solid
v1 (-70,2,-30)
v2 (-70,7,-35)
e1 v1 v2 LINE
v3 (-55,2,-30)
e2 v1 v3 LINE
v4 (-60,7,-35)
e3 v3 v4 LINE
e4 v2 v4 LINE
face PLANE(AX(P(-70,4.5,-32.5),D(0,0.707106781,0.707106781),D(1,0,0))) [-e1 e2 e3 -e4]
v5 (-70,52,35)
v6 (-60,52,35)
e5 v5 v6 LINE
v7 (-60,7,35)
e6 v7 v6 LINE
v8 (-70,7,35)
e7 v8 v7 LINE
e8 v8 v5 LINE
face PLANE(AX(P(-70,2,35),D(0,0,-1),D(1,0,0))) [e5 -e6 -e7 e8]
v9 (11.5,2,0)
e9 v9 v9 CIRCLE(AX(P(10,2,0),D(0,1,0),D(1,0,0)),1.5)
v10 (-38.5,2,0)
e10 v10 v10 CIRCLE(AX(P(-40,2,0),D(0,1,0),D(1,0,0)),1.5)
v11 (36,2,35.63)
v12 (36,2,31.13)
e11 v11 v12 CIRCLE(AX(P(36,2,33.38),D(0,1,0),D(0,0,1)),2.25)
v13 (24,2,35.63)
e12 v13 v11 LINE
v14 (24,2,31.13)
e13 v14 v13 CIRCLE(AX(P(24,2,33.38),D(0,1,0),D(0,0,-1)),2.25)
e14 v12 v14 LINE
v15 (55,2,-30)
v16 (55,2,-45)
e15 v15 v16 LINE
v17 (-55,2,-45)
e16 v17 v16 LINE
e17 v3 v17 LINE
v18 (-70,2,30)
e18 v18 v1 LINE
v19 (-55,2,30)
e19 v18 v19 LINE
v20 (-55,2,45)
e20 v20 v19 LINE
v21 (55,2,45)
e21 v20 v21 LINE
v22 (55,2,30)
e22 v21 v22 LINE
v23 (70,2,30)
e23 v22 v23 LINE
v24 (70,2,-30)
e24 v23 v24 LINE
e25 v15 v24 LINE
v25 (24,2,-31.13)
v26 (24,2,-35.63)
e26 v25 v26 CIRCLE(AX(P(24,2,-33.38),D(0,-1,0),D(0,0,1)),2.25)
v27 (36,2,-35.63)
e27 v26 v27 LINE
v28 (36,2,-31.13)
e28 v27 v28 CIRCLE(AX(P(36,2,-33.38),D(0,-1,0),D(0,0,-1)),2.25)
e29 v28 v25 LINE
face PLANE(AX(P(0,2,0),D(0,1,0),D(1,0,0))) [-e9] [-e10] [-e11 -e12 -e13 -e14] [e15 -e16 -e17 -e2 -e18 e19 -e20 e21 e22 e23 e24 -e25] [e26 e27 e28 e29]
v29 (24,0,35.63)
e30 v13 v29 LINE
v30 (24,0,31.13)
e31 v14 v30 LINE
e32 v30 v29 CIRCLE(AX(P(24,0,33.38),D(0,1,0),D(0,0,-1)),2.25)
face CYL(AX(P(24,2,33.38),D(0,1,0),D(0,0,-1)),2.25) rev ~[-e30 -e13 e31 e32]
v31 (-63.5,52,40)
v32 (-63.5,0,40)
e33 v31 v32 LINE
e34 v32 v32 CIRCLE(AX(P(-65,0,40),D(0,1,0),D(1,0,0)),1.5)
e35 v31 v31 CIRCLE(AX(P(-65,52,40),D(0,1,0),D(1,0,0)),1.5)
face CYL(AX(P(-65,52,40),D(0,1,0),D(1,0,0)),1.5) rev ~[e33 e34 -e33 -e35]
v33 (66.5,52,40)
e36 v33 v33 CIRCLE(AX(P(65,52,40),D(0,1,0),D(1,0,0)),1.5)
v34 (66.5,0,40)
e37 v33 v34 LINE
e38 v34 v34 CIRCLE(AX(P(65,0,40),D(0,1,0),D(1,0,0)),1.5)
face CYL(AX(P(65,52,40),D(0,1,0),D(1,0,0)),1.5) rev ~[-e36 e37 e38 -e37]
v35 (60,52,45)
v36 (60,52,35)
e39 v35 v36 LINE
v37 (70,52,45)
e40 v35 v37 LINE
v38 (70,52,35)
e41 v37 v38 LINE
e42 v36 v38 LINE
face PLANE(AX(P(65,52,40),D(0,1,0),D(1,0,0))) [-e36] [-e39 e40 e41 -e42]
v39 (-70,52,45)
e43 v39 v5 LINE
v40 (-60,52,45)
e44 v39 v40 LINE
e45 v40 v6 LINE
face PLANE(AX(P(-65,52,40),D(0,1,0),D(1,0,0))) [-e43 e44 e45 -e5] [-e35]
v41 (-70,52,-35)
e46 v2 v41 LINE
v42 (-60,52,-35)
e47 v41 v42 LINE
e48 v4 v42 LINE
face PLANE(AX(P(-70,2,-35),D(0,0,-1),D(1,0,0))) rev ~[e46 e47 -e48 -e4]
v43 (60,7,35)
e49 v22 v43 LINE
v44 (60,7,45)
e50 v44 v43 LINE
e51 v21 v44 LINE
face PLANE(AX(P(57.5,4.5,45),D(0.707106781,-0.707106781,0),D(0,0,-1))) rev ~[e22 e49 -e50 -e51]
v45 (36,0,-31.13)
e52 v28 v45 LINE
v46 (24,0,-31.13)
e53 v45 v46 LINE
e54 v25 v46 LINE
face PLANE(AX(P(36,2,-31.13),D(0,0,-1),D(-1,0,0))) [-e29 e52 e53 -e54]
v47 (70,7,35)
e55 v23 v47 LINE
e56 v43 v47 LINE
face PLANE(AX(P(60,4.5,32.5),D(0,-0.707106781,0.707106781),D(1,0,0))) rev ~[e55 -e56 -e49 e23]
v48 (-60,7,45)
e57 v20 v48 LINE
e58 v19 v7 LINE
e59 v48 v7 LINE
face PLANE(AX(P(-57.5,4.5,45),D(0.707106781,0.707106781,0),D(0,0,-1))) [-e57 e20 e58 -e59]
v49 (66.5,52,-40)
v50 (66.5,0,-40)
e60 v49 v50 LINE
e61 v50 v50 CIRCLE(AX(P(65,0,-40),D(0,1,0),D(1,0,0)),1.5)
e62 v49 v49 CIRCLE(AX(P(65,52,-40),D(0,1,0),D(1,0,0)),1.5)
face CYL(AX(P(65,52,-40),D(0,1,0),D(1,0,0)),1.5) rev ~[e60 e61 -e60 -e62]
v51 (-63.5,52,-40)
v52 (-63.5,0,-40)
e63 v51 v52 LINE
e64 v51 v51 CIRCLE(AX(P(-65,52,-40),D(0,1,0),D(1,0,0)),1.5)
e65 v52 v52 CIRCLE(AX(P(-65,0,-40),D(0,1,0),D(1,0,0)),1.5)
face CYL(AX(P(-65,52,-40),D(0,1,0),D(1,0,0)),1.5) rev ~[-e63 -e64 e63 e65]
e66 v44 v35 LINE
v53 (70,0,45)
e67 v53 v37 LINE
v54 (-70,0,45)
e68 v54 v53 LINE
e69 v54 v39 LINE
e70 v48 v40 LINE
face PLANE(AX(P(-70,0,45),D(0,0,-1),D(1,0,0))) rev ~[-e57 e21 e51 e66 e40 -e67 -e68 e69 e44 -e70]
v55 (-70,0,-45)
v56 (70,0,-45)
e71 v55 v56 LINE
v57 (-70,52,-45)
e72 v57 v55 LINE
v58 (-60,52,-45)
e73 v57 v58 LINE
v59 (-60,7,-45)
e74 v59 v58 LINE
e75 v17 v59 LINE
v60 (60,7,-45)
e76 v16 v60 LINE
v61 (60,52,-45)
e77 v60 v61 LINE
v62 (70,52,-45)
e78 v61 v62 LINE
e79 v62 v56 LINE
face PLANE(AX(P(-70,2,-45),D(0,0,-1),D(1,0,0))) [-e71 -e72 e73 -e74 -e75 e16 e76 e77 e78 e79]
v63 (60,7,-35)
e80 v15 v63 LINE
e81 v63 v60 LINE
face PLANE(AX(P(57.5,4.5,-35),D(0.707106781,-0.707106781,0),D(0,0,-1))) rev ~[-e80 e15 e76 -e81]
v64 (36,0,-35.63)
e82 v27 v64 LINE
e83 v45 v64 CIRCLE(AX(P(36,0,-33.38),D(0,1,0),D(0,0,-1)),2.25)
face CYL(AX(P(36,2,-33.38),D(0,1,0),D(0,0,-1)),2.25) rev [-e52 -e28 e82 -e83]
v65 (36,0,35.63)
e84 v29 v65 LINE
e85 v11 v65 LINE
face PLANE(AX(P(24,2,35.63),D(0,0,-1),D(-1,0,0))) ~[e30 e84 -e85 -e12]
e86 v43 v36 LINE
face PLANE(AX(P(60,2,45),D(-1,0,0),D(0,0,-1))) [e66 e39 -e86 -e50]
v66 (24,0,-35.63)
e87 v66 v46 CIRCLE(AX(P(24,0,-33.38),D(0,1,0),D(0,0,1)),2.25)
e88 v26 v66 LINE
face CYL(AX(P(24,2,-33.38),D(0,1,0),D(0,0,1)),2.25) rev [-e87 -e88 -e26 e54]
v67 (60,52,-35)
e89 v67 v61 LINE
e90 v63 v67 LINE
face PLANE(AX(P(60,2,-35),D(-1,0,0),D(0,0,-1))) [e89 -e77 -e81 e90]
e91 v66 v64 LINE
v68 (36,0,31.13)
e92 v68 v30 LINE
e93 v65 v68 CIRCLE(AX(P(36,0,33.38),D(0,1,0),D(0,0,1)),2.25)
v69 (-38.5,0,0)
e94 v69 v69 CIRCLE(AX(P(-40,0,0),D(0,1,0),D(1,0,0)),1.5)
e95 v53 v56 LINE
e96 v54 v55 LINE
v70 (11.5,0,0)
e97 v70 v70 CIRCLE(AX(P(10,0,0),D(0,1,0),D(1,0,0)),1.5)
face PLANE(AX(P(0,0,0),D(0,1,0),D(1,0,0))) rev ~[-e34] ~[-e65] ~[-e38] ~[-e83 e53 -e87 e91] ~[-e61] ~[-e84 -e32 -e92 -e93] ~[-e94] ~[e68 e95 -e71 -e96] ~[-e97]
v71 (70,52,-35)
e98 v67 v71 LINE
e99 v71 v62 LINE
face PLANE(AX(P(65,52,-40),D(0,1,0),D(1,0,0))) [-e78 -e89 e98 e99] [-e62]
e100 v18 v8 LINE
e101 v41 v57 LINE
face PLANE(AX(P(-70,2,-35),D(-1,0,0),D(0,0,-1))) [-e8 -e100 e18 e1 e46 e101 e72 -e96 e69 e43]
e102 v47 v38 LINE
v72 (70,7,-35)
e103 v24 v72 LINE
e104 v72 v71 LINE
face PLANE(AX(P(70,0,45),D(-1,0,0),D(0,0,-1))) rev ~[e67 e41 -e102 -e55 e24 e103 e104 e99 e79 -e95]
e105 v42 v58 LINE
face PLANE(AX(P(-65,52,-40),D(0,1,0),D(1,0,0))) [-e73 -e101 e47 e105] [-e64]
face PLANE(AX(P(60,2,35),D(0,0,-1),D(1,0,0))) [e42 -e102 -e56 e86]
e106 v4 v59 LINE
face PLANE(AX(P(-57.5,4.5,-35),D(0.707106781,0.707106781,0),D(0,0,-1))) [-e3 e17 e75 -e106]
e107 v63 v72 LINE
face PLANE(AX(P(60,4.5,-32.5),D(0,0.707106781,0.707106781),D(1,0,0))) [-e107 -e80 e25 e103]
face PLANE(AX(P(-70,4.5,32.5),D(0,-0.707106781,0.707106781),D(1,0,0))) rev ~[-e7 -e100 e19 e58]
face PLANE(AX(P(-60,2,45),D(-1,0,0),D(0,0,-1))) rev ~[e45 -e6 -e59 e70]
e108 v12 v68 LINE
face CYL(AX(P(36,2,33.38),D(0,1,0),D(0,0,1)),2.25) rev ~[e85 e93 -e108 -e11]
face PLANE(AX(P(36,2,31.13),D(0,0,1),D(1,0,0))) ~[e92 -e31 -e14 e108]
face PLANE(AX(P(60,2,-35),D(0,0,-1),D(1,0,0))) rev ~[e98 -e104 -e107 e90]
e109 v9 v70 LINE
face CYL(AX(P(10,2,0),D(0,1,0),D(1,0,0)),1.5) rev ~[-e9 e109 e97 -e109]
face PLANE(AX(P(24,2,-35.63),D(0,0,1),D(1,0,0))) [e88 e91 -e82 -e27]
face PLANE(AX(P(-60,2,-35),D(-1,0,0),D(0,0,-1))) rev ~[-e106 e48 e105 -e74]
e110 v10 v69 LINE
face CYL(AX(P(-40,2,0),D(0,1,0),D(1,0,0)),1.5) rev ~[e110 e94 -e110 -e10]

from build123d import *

# Parameters (mm, degrees)
SKETCH1_W           = 140
SKETCH1_H           = 90
BOSS_EXTRUDE1_DEPTH = 2
SKETCH2_W           = 10
SKETCH2_H           = 10
BOSS_EXTRUDE2_DEPTH = 50
CHAMFER1_SIZE       = 5
SKETCH3_R           = 1.5
CUT_EXTRUDE1_DEPTH  = 53
SKETCH4_R           = 1.5
CUT_EXTRUDE2_DEPTH  = 3
CUT_EXTRUDE3_DEPTH  = 3


with BuildPart() as part:
    # Sketch1 → Boss-Extrude1 (new body)
    with BuildSketch(Plane(origin=(0, 0, 0), x_dir=(1, 0, 0), z_dir=(0, 1, 0))):
        Rectangle(SKETCH1_W, SKETCH1_H)
    extrude(amount=BOSS_EXTRUDE1_DEPTH)

    # Sketch2 → Boss-Extrude2 (add)
    with BuildSketch(Plane(origin=(0, 2, 0), x_dir=(1, 0, 0), z_dir=(0, 1, 0))):
        with Locations((-65, 40)):
            Rectangle(SKETCH2_W, SKETCH2_H)
        with Locations((65, 40)):
            Rectangle(SKETCH2_W, SKETCH2_H)
        with Locations((65, -40)):
            Rectangle(SKETCH2_W, SKETCH2_H)
        with Locations((-65, -40)):
            Rectangle(SKETCH2_W, SKETCH2_H)
    extrude(amount=BOSS_EXTRUDE2_DEPTH)

    # Chamfer1
    chamfer1_edges = [part.edges().sort_by_distance(p)[0] for p in [
        (-65, 2, -35),
        (-60, 2, -40),
        (60, 2, -40),
        (65, 2, -35),
        (65, 2, 35),
        (60, 2, 40),
        (-60, 2, 40),
        (-65, 2, 35),
    ]]
    chamfer(chamfer1_edges, length=CHAMFER1_SIZE)

    # Sketch3 → Cut-Extrude1 (cut, through all)
    with BuildSketch(Plane(origin=(0, 52, 0), x_dir=(1, 0, 0), z_dir=(0, 1, 0))):
        with Locations((-65, 40)):
            Circle(SKETCH3_R)
        with Locations((65, 40)):
            Circle(SKETCH3_R)
        with Locations((65, -40)):
            Circle(SKETCH3_R)
        with Locations((-65, -40)):
            Circle(SKETCH3_R)
    extrude(amount=-CUT_EXTRUDE1_DEPTH, mode=Mode.SUBTRACT)

    # Sketch4 → Cut-Extrude2 (cut, through all)
    with BuildSketch(Plane(origin=(0, 2, 0), x_dir=(1, 0, 0), z_dir=(0, 1, 0))):
        with Locations((-40, 0)):
            Circle(SKETCH4_R)
        with Locations((10, 0)):
            Circle(SKETCH4_R)
    extrude(amount=-CUT_EXTRUDE2_DEPTH, mode=Mode.SUBTRACT)

    # Sketch5 → Cut-Extrude3 (cut, through all)
    with BuildSketch(Plane(origin=(0, 2, 0), x_dir=(1, 0, 0), z_dir=(0, 1, 0))):
        with BuildLine():
            Line((24, 35.63), (36, 35.63))
            ThreePointArc((36, 35.63), (38.25, 33.38), (36, 31.13))
            Line((36, 31.13), (24, 31.13))
            ThreePointArc((24, 31.13), (21.75, 33.38), (24, 35.63))
        make_face()
    cut_extrude3 = extrude(amount=-CUT_EXTRUDE3_DEPTH, mode=Mode.SUBTRACT)

    # Mirror1: Cut-Extrude3 across plane
    add(cut_extrude3.mirror(Plane.XY), mode=Mode.SUBTRACT)


solid = part.part
